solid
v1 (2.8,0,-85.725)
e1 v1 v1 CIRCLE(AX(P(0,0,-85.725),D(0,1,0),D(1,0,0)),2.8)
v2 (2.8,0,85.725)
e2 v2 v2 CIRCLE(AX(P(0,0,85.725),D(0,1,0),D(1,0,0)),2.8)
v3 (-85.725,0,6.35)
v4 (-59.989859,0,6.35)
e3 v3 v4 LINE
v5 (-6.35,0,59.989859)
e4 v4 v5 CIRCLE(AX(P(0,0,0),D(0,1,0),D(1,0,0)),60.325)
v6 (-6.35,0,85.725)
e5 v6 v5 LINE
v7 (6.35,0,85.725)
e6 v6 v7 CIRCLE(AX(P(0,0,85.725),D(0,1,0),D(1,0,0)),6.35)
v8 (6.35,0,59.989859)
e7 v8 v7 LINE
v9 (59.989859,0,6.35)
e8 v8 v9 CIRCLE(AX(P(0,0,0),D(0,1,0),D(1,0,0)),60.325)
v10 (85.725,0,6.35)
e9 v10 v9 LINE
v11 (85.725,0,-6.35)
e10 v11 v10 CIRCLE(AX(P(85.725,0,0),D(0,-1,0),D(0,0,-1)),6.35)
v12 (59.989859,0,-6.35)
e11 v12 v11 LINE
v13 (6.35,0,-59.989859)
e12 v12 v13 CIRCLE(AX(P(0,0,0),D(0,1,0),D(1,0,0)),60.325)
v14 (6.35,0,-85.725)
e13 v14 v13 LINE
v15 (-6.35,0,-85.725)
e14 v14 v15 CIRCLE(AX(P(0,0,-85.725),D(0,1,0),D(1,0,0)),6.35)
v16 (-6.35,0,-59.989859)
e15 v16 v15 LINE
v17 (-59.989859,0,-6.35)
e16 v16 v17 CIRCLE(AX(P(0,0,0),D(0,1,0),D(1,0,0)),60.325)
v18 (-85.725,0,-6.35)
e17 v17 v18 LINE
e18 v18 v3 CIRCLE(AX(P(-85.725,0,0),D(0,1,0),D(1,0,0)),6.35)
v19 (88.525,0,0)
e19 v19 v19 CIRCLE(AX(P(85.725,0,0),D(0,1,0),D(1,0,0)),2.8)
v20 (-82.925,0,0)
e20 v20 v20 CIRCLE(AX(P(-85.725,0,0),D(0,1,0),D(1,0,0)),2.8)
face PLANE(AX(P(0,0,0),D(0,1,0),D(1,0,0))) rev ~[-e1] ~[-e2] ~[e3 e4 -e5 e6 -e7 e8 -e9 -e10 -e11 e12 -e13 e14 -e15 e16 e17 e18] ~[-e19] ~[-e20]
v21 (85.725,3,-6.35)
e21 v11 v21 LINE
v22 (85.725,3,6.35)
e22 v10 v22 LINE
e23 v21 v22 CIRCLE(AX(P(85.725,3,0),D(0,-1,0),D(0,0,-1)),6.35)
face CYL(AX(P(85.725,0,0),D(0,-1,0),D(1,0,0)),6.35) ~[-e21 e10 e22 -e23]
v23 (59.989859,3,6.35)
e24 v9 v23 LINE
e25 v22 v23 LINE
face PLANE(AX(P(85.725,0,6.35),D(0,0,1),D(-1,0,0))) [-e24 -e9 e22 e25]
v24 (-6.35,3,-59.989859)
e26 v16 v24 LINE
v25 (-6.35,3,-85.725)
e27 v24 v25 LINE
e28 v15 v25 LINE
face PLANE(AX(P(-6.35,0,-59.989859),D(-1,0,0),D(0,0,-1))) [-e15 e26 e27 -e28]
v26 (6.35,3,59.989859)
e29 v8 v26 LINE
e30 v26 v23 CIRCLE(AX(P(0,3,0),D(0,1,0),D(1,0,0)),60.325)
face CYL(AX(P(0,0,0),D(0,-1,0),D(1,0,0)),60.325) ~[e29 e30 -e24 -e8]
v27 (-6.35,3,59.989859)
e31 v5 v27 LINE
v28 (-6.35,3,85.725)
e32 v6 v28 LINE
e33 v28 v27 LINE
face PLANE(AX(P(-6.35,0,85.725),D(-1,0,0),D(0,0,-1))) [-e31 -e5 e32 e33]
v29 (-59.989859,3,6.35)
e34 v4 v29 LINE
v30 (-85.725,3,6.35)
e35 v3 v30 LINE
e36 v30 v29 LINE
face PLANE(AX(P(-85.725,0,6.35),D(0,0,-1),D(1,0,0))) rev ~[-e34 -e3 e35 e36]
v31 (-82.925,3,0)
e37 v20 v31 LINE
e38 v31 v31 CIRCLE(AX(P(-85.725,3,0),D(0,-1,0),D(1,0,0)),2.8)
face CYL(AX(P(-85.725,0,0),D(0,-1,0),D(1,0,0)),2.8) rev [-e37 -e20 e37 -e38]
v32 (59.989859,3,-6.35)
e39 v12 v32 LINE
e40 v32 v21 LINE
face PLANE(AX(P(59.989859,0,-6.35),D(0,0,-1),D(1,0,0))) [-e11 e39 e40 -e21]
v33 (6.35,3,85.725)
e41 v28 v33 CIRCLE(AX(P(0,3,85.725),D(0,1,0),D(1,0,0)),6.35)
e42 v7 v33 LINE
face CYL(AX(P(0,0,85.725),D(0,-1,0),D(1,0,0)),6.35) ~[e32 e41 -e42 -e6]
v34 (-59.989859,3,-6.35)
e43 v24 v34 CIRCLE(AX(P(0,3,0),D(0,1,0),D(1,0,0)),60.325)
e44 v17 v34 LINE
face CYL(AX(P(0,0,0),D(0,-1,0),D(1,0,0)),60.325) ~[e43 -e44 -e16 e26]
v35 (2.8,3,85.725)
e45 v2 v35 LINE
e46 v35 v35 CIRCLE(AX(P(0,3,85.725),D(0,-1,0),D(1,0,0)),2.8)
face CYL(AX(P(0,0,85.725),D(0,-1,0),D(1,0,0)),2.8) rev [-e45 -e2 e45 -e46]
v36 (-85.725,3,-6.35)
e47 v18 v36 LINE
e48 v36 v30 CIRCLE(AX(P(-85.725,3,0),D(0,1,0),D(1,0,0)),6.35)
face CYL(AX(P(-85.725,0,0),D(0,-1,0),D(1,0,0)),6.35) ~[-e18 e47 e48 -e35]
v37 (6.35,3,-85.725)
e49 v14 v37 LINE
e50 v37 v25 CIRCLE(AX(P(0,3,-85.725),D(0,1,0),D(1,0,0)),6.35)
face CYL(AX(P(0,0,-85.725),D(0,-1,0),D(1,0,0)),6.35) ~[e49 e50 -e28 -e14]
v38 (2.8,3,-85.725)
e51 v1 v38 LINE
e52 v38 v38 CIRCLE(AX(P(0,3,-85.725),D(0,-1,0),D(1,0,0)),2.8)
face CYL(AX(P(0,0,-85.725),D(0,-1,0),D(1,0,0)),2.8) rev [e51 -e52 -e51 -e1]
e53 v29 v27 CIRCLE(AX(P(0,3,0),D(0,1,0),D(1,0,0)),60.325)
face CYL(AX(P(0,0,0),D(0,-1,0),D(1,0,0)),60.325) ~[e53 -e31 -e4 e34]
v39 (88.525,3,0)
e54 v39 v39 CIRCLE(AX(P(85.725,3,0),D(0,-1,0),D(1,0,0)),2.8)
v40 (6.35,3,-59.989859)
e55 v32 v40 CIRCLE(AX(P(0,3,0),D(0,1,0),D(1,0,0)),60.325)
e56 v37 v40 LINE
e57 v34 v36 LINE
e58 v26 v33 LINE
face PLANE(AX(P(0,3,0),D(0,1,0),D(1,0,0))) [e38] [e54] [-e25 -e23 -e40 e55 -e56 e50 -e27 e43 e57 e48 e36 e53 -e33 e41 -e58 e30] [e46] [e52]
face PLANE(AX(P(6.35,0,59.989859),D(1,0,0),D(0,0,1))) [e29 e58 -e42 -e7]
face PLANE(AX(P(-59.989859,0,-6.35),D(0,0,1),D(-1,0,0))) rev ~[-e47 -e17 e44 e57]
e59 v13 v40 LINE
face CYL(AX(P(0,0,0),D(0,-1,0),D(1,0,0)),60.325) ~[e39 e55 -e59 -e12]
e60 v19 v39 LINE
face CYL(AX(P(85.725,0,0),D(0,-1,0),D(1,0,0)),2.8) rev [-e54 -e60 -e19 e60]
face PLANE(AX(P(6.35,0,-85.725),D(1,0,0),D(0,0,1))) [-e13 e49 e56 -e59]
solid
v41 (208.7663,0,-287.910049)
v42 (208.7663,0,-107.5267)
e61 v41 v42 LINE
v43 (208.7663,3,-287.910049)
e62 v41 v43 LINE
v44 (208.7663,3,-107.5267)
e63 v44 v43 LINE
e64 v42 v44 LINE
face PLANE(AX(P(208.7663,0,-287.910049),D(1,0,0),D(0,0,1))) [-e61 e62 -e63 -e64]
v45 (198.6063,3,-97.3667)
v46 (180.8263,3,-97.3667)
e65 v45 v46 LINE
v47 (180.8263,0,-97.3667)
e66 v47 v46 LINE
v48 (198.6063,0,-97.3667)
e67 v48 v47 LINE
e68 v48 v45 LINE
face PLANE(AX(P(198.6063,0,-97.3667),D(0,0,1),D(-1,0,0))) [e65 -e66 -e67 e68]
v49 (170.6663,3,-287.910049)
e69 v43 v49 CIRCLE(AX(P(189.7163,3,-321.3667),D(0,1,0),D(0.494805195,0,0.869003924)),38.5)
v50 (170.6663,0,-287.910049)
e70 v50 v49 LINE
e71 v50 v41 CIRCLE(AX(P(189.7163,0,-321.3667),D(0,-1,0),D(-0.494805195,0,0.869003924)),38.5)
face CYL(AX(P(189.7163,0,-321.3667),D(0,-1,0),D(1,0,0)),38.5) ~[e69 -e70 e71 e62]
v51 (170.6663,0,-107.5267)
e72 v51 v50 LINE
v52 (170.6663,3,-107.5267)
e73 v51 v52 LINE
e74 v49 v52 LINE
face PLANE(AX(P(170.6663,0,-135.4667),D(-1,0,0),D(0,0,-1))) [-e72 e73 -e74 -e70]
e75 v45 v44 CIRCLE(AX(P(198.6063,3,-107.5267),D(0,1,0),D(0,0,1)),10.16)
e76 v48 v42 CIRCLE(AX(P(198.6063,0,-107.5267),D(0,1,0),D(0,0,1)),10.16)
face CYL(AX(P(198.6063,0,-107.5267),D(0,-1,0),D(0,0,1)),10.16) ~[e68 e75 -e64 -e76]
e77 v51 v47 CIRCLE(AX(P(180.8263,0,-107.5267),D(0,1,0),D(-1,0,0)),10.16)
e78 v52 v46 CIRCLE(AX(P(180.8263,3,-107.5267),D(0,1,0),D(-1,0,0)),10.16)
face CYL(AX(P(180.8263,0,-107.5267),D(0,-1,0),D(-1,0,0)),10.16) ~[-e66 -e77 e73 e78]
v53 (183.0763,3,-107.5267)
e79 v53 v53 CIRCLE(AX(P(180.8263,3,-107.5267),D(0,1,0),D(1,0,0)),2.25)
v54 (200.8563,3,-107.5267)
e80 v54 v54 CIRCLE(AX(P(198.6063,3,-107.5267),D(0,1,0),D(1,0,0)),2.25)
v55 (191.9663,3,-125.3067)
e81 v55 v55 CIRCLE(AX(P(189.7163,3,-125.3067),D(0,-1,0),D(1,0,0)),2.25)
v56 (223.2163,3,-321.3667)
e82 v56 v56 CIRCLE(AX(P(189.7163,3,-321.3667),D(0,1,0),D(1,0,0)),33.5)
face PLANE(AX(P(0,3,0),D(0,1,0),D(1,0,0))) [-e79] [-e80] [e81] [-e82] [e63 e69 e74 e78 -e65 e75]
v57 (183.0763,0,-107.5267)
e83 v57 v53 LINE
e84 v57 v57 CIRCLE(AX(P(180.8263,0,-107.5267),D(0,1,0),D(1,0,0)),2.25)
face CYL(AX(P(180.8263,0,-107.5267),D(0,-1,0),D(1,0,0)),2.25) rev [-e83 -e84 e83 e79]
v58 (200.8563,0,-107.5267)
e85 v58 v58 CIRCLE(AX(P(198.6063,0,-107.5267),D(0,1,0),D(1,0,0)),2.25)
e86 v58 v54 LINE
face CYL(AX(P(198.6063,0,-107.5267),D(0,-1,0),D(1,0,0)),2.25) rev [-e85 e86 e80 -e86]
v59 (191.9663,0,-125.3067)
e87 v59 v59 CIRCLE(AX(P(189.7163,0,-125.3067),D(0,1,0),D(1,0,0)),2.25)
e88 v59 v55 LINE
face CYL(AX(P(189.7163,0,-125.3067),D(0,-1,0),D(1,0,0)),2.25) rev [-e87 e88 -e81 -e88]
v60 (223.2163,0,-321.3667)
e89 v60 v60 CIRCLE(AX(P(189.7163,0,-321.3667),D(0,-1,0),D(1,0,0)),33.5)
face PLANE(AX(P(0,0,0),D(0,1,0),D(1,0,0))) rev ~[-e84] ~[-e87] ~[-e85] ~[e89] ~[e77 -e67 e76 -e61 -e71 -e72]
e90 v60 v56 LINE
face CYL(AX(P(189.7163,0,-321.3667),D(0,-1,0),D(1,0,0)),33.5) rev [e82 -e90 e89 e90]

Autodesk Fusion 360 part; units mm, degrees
sketch "Sketch2" plane through (0, 0, 0) normal (0, 1, 0) x (1, 0, 0)
  circle A0 centre (0, 0) radius 60.325
  circle A1 centre (0, 85.725) radius 6.35
  line L0 (6.35, 0) -> (-6.35, 0)
  line L1 (-6.35, 0) -> (-6.35, 85.725)
  line L2 (-6.35, 85.725) -> (6.35, 85.725)
  line L3 (6.35, 85.725) -> (6.35, 0)
  line L4 (85.725, -6.35) -> (0, -6.35)
  line L5 (0, -6.35) -> (0, 6.35)
  line L6 (0, 6.35) -> (85.725, 6.35)
  line L7 (85.725, 6.35) -> (85.725, -6.35)
  line L8 (-6.35, 0) -> (6.35, 0)
  line L9 (6.35, 0) -> (6.35, -85.725)
  line L10 (6.35, -85.725) -> (-6.35, -85.725)
  line L11 (-6.35, -85.725) -> (-6.35, 0)
  line L12 (0, 6.35) -> (-85.725, 6.35)
  line L13 (-85.725, 6.35) -> (-85.725, -6.35)
  line L14 (-85.725, -6.35) -> (0, -6.35)
  line L15 (0, -6.35) -> (0, 6.35)
  circle A2 centre (-85.725, 0) radius 6.35
  circle A3 centre (0, -85.725) radius 6.35
  circle A4 centre (85.725, 0) radius 6.35
  circle A5 centre (-85.725, 0) radius 2.8
  circle A6 centre (85.725, 0) radius 2.8
  circle A7 centre (0, 85.725) radius 2.8
  circle A8 centre (0, -85.725) radius 2.8
  dimension "d6" = 120.65
  dimension "d7" = 12.7
  dimension "d9" = 12.7
  dimension "d10" = 85.725
  dimension "d11" = 85.725
  dimension "d12" = 12.7
  dimension "d13" = 12.7
  dimension "d14" = 85.725
  dimension "d15" = 85.725
  dimension "d16" = 12.7
  dimension "d17" = 12.7
  dimension "d18" = 12.7
  dimension "d19" = 12.7
  dimension "d24" = 5.6
  dimension "d25" = 5.6
  dimension "d26" = 5.6
  dimension "d27" = 5.6
  dimension "d28" = 171.45
extrude "Extrude1" add sketch "Sketch2" along normal blind 3 contours A0 L3 L4 L6 L9 | A0 L4 L6 A4 | A0 L3 L6 | A0 L4 L9 | A0 L1 L3 L6 L12 | A0 A1 L1 L3 | L0 L3 L5 L6 L8 L15 | L7 A4 A6 | L7 A4 A6 | A0 L9 L11 A3 | A0 L4 L9 L11 L14 | L0 L4 L5 L8 L9 L15 | A0 L1 L12 | A1 L2 A7 | A1 L2 A7 | L0 L1 L5 L8 L12 L15 | A0 L11 L14 | L10 A3 A8 | L10 A3 A8 | L0 L5 L8 L11 L14 L15 | A0 L1 L11 L12 L14 | A0 L12 L14 A2 | L13 A2 A5 | L13 A2 A5 makes body 1
sketch "Sketch3" plane through (0, 0, 0) normal (0, 1, 0) x (1, 0, 0)
  circle A0 centre (189.7163, 321.3667) radius 33.5
  circle A1 centre (189.7163, 321.3667) radius 38.5
  line L0 (170.6663, 321.3667) -> (208.7663, 321.3667)
  line L1 (208.7663, 321.3667) -> (208.7663, 107.5267)
  line L2 (198.6063, 97.3667) -> (180.8263, 97.3667)
  line L3 (170.6663, 107.5267) -> (170.6663, 321.3667)
  circle A2 centre (180.8263, 107.5267) radius 2.25
  circle A3 centre (198.6063, 107.5267) radius 2.25
  circle A4 centre (189.7163, 125.3067) radius 2.25
  line L4 (170.6663, 135.4667) -> (208.7663, 135.4667)
  arc A5 (170.6663, 107.5267) -> (180.8263, 97.3667) centre (180.8263, 107.5267) ccw
  arc A6 (198.6063, 97.3667) -> (208.7663, 107.5267) centre (198.6063, 107.5267) ccw
  line L5 (170.6663, 125.3067) -> (208.7663, 125.3067)
  point P0 (208.7663, 97.3667)
  dimension "d31" = 67
  dimension "d32" = 77
  dimension "d34" = 4.5
  dimension "d35" = 4.5
  dimension "d36" = 4.5
  dimension "d37" = 38.1
  dimension "d40" = 10.16
  dimension "d41" = 10.16
  dimension "d42" = 10.16
  dimension "d43" = 10.16
  dimension "d44" = 10.16
  dimension "d45" = 10.16
  dimension "d46" = 185.9
  dimension "d50" = 10.16
  dimension "d52" = 38.1
extrude "Extrude2" add sketch "Sketch3" along normal blind 3 separate body contours A0 A1 L1 L3 | A0 A1 L1 L3 | A1 L1 L3 L4 | L1 L3 A4 L4 L5 | L1 L2 L3 A4 A5 A6 L5 makes body 2
equation "platform_diameter = 4.75 in"
equation "lobe_width = 0.5 in"
equation "d6 = platform_diameter"
equation "d7 = lobe_width"
equation "lobe_length = 1 in"
equation "d9 = lobe_width"
equation "d10 = platform_diameter / 2 + lobe_length"
equation "d11 = platform_diameter / 2 + lobe_length"
equation "d12 = lobe_width"
equation "d13 = lobe_width"
equation "d14 = platform_diameter / 2 + lobe_length"
equation "d15 = platform_diameter / 2 + lobe_length"
equation "d16 = lobe_width"
equation "d17 = lobe_width"
equation "d18 = lobe_width"
equation "d19 = lobe_width"
equation "material_thickness = 3 mm"
equation "d21 = material_thickness"
equation "led_size = 5.6 mm"
equation "d24 = led_size"
equation "d25 = led_size"
equation "d26 = led_size"
equation "d27 = led_size"
equation "upper_hole_diameter = 67 mm"
equation "upper_hole_thickness = 1 cm"
equation "d31 = upper_hole_diameter"
equation "d32 = upper_hole_diameter + upper_hole_thickness"
equation "upper_screw_hole_size = 4.5 mm"
equation "d34 = upper_screw_hole_size"
equation "d35 = upper_screw_hole_size"
equation "d36 = upper_screw_hole_size"
equation "upper_screw_offset = 0.4 in"
equation "d40 = upper_screw_offset"
equation "d41 = upper_screw_offset"
equation "d42 = upper_screw_offset"
equation "d43 = upper_screw_offset"
equation "d44 = upper_screw_offset"
equation "d45 = upper_screw_offset"
equation "d46 = wall_offset + upper_hole_diameter / 2"
equation "wall_offset = 6 in"
equation "d48 = material_thickness"
equation "d50 = upper_screw_offset"
equation "support_bar_width = 1.5 in"
equation "d52 = support_bar_width"
